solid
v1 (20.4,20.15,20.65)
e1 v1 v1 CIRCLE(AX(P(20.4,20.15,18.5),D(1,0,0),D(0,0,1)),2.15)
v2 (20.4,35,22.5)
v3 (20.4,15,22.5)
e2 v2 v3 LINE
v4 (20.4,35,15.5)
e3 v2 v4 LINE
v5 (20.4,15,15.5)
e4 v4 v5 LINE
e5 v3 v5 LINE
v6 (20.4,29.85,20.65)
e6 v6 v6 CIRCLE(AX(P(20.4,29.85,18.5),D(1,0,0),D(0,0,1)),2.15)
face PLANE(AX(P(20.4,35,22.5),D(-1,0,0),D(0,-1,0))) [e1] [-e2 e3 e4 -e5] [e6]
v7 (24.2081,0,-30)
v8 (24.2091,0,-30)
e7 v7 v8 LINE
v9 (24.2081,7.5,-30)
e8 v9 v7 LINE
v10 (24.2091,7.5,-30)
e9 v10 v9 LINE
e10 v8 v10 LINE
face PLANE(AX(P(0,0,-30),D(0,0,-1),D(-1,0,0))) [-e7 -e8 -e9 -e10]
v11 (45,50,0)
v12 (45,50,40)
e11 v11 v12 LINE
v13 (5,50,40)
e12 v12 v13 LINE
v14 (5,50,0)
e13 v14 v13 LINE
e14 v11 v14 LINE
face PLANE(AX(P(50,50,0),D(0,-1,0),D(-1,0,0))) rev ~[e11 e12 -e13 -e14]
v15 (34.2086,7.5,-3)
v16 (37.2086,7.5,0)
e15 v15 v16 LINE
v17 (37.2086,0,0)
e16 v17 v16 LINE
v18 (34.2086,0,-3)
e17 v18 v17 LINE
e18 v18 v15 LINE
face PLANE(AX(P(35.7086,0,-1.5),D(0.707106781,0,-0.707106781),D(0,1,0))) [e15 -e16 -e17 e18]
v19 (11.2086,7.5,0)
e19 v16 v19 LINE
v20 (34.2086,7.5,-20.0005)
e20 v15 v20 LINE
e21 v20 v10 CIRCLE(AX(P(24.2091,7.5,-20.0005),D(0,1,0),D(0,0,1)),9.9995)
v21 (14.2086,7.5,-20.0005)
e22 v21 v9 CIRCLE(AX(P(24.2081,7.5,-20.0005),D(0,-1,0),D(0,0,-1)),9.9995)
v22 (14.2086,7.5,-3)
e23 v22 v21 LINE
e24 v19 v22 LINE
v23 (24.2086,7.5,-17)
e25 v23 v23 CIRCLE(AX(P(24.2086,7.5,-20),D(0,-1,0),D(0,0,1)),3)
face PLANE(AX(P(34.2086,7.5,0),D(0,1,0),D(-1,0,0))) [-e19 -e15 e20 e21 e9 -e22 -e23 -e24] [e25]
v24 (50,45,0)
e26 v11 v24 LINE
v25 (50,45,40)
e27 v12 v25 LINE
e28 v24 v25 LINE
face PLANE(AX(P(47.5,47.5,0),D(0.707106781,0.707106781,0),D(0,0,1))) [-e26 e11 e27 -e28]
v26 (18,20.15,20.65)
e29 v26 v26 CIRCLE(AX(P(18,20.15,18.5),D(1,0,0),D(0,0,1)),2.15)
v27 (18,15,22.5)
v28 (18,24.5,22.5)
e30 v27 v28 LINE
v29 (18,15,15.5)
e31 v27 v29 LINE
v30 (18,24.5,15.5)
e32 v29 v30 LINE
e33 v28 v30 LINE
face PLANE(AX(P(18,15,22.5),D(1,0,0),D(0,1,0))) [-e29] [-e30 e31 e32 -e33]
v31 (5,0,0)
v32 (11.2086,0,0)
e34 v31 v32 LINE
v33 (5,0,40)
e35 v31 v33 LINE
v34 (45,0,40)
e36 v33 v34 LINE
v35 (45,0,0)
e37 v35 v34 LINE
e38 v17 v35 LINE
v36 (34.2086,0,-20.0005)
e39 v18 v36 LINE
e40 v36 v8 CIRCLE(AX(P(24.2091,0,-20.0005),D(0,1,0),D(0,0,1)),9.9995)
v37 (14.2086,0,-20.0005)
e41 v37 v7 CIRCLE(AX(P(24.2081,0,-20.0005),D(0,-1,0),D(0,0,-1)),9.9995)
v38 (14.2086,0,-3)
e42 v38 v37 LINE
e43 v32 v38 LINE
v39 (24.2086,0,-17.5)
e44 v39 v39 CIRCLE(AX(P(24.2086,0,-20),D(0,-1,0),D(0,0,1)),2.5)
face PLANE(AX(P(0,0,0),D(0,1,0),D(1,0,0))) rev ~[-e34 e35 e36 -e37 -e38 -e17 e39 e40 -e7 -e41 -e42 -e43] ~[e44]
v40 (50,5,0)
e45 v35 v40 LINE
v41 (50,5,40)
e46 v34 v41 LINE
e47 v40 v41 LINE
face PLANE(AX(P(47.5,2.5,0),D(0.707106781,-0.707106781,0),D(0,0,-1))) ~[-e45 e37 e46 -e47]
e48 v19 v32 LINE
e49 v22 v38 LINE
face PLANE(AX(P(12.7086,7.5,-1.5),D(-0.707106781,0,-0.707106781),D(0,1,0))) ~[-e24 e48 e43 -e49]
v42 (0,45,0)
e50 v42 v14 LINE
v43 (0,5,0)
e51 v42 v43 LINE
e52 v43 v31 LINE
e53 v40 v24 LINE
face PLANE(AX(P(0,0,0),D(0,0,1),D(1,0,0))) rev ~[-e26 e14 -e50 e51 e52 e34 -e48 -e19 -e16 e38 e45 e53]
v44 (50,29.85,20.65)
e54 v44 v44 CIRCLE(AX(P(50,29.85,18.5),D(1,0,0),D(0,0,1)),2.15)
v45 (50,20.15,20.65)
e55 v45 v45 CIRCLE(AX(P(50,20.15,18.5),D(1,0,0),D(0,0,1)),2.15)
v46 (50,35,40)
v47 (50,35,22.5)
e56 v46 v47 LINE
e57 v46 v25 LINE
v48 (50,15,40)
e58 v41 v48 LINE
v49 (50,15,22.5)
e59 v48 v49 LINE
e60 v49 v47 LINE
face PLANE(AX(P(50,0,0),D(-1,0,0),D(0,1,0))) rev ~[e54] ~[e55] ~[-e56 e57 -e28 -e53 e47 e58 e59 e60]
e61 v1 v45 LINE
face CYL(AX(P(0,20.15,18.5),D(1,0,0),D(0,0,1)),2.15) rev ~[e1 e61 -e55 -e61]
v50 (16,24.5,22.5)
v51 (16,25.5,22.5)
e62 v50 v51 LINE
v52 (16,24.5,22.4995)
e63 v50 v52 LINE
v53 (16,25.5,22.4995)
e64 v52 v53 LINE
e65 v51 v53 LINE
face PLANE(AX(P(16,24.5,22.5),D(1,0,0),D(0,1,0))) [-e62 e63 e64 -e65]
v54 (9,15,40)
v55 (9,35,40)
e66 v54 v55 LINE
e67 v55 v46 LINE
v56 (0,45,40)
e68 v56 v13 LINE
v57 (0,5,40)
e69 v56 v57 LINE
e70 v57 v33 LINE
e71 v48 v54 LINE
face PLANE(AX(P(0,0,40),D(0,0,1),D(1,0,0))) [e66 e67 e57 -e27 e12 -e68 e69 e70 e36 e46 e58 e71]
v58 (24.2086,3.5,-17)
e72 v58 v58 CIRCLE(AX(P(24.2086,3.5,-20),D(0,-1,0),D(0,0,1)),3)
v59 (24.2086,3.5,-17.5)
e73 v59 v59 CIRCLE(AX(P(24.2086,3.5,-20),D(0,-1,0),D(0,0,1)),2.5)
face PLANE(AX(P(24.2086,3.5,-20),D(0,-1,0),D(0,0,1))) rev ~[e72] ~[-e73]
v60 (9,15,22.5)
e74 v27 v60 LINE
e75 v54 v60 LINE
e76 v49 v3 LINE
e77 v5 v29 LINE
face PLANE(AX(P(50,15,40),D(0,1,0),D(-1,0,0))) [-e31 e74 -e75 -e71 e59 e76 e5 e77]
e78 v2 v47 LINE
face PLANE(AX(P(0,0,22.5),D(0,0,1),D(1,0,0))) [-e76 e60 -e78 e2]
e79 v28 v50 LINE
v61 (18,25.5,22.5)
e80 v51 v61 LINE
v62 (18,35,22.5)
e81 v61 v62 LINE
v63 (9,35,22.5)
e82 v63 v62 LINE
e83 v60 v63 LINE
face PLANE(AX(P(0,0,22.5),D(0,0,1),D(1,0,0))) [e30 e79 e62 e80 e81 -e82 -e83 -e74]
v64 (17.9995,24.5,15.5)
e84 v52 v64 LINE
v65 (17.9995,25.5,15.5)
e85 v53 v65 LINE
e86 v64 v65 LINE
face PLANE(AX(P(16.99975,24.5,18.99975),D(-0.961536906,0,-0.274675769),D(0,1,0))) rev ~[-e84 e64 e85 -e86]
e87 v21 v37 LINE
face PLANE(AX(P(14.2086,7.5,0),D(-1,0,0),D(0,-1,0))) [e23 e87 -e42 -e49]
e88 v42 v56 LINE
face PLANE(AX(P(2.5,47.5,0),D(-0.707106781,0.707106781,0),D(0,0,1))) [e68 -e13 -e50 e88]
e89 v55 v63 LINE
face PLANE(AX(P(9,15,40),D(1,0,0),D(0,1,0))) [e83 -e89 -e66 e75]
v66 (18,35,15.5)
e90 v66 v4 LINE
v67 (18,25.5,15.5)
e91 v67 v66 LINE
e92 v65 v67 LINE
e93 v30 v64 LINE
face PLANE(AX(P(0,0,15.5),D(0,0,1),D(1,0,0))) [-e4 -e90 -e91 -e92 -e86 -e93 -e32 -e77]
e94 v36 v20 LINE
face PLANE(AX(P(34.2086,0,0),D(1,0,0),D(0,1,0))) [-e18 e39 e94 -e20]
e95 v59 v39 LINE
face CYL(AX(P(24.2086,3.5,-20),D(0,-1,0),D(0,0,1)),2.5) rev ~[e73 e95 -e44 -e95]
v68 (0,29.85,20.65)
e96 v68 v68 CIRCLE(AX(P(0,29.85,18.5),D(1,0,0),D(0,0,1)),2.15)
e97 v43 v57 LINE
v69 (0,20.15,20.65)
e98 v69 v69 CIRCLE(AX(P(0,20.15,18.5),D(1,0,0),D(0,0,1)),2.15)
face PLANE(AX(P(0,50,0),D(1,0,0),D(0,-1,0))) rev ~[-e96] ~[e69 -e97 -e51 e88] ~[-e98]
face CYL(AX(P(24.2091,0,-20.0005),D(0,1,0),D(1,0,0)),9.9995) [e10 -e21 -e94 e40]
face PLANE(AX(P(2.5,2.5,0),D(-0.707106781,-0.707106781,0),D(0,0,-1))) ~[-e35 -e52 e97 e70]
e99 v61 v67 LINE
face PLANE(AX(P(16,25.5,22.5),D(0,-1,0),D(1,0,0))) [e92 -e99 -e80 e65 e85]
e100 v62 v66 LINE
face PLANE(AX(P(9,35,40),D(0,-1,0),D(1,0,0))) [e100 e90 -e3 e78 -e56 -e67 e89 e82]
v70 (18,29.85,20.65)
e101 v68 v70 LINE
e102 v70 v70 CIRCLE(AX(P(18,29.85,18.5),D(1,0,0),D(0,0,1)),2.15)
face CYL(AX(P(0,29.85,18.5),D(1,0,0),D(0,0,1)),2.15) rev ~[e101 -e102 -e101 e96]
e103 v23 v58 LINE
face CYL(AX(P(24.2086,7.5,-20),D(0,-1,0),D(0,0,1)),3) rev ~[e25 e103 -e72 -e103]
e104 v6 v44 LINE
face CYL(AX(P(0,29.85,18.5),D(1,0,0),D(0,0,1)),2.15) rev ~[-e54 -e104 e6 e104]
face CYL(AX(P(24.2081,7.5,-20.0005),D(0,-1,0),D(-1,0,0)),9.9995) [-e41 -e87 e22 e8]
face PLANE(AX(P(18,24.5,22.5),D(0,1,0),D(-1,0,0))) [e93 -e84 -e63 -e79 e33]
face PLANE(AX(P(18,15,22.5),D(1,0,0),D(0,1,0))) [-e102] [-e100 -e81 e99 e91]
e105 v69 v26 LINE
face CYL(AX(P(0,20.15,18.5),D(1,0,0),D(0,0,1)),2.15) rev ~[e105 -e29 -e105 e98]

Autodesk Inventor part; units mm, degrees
ref_plane "YZ Plane" through (0, 0, 0) normal (1, 0, 0) x (0, 1, 0)
ref_plane "XZ Plane" through (0, 0, 0) normal (0, 1, 0) x (-1, 0, 0)
ref_plane "XY Plane" through (0, 0, 0) normal (0, 0, 1) x (1, 0, 0)
sketch "Sketch1" plane through (0, 0, 0) normal (0, 0, 1) x (1, 0, 0)
  line L0 (0, 0) -> (50, 0)
  line L1 (50, 0) -> (50, 50)
  line L2 (50, 50) -> (0, 50)
  line L3 (0, 50) -> (0, 0)
  dimension "d0" = 50
  dimension "d1" = 50
extrude "Extrusion1" add sketch "Sketch1" along normal blind 40
sketch "Sketch2" plane through (0, 0, 40) normal (0, 0, 1) x (1, 0, 0)
  line L0 (50, 0) -> (50, 50) projected
  line L1 (50, 15) -> (9, 15)
  line L2 (9, 15) -> (9, 35)
  line L3 (9, 35) -> (50, 35)
  line L4 (50, 35) -> (50, 15)
  line L5 (0, 0) -> (50, 0) projected
  point P0 (50, 35)
  dimension "d4" = 41
  dimension "d5" = 20
  dimension "d6" = 15
extrude "Extrusion2" cut sketch "Sketch2" against normal blind 17.5
sketch "Sketch3" plane through (0, 0, 0) normal (-1, 0, 0) x (0, 0, 1)
  line L0 (40, 50) -> (40, 0) projected
  line L1 (40, 35) -> (18.5, 35) construction
  line L2 (40, 35) -> (61.5, 35) construction
  line L3 (18.5, 35) -> (18.5, 15) construction
  line L4 (18.5, 15) -> (40, 15) construction
  line L5 (0, 50) -> (40, 50) projected
  line L6 (40, 29.85) -> (18.5, 29.85) construction
  line L7 (40, 20.15) -> (18.5, 20.15) construction
  point P0 (0, 0)
  dimension "d9" = 21.5
  dimension "d10" = 180
  dimension "d11" = 20
  dimension "d12" = 15
  dimension "d13" = 5.15
  dimension "d14" = 5.15
hole "Hole1" at (0, 29.85, 18.5) at (0, 20.15, 18.5) direction (1, 0, 0) diameter 4.3 end through all
sketch "Sketch4" plane through (0, 0, 22.5) normal (0, 0, 1) x (1, 0, 0)
  line L0 (9, 35) -> (50, 35) projected
  line L1 (50, 15) -> (9, 15) projected
  line L2 (18, 35) -> (20.4, 35)
  line L3 (20.4, 35) -> (20.4, 15)
  line L4 (20.4, 15) -> (18, 15)
  line L5 (18, 15) -> (18, 35)
  line L6 (9, 15) -> (9, 35) projected
  point P0 (0, 0)
  point P1 (18, 15)
  dimension "d22" = 9
  dimension "d23" = 2.4
extrude "Extrusion3" cut sketch "Sketch4" against normal blind 7 contours L0 L3 L1 L5
chamfer "Chamfer1" distance 5 angle 45 4 edges at (0, 50, 20) (50, 50, 20) (0, 0, 20) (50, 0, 20)
sketch "Sketch7" plane through (0, 0, 22.5) normal (0, 0, 1) x (1, 0, 0)
  line L0 (18, 15) -> (18, 35) projected
  line L1 (18, 24.5) -> (16, 24.5)
  line L2 (16, 24.5) -> (16, 25.5)
  line L3 (16, 25.5) -> (18, 25.5)
  line L4 (18, 25.5) -> (18, 24.5)
  line L5 (9, 35) -> (50, 35) projected
  point P0 (0, 0)
  dimension "d45" = 2
  dimension "d46" = 1
  dimension "d47" = 9.5
extrude "Extrusion5" cut sketch "Sketch7" against normal blind 7
chamfer "Chamfer3" distance 7 distance2 2 1 edges at (16, 25, 15.5) measured on face at (16, 25.1667, 20.1667)
sketch "Sketch8" plane through (0, 0, 0) normal (0, 0, -1) x (-1, 0, 0)
  line L0 (-5, 0) -> (-45, 0) projected
  line L1 (-14.2086, 0) -> (-34.2086, 0)
  line L2 (-34.2086, 0) -> (-34.2086, 7.5)
  line L3 (-34.2086, 7.5) -> (-14.2086, 7.5)
  line L4 (-14.2086, 7.5) -> (-14.2086, 0)
  point P0 (0, 0)
  dimension "d53" = 20
  dimension "d54" = 7.5
extrude "Extrusion6" add sketch "Sketch8" along normal blind 30
fillet "Fillet2" radius 10 2 edges at (34.2086, 3.75, -30) (14.2086, 3.75, -30)
chamfer "Chamfer4" distance 3 angle 45 2 edges at (34.2086, 3.75, 0) (14.2086, 3.75, 0)
sketch "Sketch9" plane through (24.2086, 7.5, -20) normal (0, 1, 0) x (1, 0, 0)
  line L0 (13, -20) -> (-13, -20) projected
  line L1 (0, -20) -> (0, 0) construction
  point P0 (-24.2086, -20)
  dimension "d61" = 20
hole "Hole3" at (24.2086, 7.5, -20) direction (0, -1, 0) diameter 5 end through all counterbore diameter 6 counterbore depth 4
properties part number "ES117_MP1"
